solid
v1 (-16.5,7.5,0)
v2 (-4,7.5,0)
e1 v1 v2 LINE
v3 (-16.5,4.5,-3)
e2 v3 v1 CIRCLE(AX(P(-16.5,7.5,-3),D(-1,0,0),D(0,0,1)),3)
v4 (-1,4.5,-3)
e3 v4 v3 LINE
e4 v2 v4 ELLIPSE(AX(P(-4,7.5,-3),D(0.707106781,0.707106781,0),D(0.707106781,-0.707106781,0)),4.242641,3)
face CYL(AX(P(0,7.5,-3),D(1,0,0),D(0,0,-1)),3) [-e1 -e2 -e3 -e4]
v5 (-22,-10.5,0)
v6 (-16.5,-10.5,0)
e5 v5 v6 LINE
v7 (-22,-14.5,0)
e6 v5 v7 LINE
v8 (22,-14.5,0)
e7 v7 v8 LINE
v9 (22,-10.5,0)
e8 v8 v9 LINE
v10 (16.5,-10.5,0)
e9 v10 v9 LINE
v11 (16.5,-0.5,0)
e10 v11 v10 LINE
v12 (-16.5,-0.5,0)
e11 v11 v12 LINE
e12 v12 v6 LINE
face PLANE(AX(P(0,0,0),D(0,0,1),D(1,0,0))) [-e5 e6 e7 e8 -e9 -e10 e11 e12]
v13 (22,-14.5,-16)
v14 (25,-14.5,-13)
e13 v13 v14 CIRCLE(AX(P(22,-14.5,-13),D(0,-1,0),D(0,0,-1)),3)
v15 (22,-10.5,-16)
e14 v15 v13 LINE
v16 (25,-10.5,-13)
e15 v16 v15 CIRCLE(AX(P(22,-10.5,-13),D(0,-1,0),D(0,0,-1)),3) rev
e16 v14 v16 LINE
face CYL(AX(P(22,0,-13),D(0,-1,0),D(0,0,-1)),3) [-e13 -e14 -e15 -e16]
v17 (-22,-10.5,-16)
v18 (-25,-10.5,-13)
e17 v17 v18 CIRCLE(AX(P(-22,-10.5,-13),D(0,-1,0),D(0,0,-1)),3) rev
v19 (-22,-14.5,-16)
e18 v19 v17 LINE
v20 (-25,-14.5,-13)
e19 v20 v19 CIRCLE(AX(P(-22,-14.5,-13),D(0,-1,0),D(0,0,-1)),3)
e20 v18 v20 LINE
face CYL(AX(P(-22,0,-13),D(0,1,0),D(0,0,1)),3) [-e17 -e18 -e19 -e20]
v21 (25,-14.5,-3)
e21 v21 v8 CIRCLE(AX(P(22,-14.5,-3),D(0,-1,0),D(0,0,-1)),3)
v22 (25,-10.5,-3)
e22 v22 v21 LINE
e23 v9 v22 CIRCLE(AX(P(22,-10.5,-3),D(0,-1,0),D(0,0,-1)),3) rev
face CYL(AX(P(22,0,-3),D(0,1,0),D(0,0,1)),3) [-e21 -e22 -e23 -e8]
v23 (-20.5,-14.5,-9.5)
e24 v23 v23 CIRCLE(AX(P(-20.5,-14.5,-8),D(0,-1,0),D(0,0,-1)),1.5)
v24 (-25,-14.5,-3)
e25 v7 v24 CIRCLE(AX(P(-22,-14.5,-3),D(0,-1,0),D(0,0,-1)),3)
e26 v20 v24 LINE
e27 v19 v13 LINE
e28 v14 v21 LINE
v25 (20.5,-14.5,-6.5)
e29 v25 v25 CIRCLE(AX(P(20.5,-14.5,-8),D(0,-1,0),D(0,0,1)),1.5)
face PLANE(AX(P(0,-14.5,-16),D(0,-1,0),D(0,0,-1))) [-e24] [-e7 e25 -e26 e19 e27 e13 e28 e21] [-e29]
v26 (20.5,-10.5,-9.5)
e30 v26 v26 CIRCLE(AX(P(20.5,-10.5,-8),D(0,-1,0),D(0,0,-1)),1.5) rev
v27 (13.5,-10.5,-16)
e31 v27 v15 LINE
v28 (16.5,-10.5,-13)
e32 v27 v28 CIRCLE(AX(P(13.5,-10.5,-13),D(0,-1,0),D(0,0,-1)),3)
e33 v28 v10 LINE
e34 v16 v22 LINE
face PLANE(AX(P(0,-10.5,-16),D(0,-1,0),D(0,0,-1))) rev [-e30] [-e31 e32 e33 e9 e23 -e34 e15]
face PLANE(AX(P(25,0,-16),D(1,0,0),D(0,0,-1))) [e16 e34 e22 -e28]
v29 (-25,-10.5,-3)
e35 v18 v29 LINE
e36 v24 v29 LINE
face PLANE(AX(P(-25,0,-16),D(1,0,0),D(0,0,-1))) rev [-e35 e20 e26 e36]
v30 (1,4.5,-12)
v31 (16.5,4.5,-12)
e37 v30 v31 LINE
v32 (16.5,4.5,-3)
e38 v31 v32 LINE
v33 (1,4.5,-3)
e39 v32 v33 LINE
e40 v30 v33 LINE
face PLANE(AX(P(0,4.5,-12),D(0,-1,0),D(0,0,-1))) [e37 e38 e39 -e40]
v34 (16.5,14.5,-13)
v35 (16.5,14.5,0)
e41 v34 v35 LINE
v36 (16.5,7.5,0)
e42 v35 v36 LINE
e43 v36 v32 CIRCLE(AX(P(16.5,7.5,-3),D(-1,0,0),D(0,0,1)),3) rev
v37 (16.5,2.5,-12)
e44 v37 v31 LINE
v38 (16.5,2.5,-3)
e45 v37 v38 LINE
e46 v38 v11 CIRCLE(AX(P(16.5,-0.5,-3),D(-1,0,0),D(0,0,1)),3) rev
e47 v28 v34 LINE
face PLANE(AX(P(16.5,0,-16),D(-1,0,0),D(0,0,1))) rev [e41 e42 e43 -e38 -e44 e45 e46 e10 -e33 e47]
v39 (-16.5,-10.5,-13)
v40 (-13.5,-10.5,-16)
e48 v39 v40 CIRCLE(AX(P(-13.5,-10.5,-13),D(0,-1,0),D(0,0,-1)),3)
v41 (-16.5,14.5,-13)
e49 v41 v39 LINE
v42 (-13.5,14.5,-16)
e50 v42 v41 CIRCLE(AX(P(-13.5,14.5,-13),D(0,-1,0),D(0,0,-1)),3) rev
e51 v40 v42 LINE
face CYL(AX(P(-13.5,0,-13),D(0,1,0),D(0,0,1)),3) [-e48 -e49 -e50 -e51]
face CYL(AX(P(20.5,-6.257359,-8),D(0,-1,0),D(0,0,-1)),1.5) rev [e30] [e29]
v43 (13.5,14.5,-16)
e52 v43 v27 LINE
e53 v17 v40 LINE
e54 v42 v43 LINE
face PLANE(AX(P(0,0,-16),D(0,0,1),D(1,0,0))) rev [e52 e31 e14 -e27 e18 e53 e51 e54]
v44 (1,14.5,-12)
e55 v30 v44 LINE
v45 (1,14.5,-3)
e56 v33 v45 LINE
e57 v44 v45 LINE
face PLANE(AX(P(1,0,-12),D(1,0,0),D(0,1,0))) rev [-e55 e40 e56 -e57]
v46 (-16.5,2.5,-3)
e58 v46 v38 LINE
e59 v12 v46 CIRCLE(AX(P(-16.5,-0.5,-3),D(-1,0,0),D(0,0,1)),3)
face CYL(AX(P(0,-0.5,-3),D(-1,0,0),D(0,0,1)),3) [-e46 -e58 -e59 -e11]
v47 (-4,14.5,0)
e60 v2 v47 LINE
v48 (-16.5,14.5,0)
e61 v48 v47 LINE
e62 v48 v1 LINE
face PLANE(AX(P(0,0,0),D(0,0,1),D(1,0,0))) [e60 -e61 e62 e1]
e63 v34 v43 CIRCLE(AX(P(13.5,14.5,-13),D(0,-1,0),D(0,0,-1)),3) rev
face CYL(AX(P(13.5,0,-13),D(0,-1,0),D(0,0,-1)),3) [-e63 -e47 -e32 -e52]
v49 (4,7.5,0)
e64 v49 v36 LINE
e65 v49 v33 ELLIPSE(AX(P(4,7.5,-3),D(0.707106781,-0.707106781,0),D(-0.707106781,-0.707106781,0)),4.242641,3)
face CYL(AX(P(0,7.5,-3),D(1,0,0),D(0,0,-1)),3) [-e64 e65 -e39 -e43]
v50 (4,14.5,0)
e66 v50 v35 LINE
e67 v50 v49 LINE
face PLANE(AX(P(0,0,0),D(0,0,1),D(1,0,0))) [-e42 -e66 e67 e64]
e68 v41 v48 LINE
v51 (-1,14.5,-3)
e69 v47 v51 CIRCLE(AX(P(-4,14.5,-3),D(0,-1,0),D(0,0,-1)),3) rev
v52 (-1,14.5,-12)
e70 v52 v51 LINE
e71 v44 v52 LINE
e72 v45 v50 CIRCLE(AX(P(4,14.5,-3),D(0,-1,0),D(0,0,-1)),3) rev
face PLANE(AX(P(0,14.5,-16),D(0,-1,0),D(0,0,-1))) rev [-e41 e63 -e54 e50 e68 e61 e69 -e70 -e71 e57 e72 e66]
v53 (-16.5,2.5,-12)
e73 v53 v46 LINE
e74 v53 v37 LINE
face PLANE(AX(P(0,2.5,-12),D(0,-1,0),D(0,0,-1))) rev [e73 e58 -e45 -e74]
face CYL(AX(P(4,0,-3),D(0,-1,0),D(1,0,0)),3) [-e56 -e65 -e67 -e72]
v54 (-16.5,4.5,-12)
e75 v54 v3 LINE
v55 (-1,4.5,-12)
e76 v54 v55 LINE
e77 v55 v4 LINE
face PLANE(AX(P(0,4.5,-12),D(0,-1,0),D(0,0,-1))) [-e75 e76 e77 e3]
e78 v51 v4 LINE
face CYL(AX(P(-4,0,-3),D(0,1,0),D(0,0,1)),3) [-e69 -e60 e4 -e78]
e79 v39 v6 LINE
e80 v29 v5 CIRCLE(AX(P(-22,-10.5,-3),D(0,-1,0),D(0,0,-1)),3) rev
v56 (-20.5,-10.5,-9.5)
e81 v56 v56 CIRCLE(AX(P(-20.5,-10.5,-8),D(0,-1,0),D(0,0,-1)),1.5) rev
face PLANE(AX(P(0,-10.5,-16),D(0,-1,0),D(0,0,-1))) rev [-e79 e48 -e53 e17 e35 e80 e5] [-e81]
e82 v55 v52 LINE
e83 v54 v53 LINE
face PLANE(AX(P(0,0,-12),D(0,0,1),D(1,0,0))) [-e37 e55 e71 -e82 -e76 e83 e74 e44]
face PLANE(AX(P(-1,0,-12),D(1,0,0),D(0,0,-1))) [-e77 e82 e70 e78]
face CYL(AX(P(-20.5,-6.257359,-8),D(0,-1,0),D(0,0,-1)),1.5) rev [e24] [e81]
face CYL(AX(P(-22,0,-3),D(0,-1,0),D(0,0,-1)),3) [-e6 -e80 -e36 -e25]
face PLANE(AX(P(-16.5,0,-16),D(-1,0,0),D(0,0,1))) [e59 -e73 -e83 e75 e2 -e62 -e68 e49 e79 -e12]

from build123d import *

# Parameters (mm, degrees)
EXTRUDE1_DEPTH = 16
EXTRUDE6_DEPTH = 12
SKETCH3_R      = 1.5
EXTRUDE7_DEPTH = 4
FILLET1_R      = 3
FILLET2_R      = 3


with BuildPart() as part:
    # Sketch1 → Extrude1 (new body)
    with BuildSketch(Plane.XY):
        Polygon((16.5, -10.5), (25, -10.5), (25, -14.5), (-25, -14.5), (-25, -10.5), (-16.5, -10.5), (-16.5, 14.5), (16.5, 14.5), align=None)
    extrude(amount=-EXTRUDE1_DEPTH)

    # Sketch2 → Extrude6 (cut)
    with BuildSketch(Plane.XY):
        Polygon((1, 14.5), (-1, 14.5), (-1, 4.5), (-16.5, 4.5), (-16.5, 2.5), (16.5, 2.5), (16.5, 4.5), (1, 4.5), align=None)
    extrude(amount=-EXTRUDE6_DEPTH, mode=Mode.SUBTRACT)

    # Sketch3 → Extrude7 (cut)
    with BuildSketch(Plane.XZ.offset(14.5)):
        with Locations((-20.5, -8)):
            Circle(SKETCH3_R)
        with Locations((20.5, -8)):
            Circle(SKETCH3_R)
    extrude(amount=-EXTRUDE7_DEPTH, mode=Mode.SUBTRACT)

    # Fillet1
    fillet1_edges = [part.edges().sort_by_distance(p)[0] for p in [
        (-1, 9.5, 0),
        (8.75, 4.5, 0),
        (-8.75, 4.5, 0),
        (0, 2.5, 0),
        (1, 9.5, 0),
    ]]
    fillet(fillet1_edges, radius=FILLET1_R)

    # Fillet2
    fillet2_edges = [part.edges().sort_by_distance(p)[0] for p in [
        (-25, -12.5, 0),
        (-16.5, 2, -16),
        (-25, -12.5, -16),
        (25, -12.5, -16),
        (16.5, 2, -16),
        (25, -12.5, 0),
    ]]
    fillet(fillet2_edges, radius=FILLET2_R)


solid = part.part
